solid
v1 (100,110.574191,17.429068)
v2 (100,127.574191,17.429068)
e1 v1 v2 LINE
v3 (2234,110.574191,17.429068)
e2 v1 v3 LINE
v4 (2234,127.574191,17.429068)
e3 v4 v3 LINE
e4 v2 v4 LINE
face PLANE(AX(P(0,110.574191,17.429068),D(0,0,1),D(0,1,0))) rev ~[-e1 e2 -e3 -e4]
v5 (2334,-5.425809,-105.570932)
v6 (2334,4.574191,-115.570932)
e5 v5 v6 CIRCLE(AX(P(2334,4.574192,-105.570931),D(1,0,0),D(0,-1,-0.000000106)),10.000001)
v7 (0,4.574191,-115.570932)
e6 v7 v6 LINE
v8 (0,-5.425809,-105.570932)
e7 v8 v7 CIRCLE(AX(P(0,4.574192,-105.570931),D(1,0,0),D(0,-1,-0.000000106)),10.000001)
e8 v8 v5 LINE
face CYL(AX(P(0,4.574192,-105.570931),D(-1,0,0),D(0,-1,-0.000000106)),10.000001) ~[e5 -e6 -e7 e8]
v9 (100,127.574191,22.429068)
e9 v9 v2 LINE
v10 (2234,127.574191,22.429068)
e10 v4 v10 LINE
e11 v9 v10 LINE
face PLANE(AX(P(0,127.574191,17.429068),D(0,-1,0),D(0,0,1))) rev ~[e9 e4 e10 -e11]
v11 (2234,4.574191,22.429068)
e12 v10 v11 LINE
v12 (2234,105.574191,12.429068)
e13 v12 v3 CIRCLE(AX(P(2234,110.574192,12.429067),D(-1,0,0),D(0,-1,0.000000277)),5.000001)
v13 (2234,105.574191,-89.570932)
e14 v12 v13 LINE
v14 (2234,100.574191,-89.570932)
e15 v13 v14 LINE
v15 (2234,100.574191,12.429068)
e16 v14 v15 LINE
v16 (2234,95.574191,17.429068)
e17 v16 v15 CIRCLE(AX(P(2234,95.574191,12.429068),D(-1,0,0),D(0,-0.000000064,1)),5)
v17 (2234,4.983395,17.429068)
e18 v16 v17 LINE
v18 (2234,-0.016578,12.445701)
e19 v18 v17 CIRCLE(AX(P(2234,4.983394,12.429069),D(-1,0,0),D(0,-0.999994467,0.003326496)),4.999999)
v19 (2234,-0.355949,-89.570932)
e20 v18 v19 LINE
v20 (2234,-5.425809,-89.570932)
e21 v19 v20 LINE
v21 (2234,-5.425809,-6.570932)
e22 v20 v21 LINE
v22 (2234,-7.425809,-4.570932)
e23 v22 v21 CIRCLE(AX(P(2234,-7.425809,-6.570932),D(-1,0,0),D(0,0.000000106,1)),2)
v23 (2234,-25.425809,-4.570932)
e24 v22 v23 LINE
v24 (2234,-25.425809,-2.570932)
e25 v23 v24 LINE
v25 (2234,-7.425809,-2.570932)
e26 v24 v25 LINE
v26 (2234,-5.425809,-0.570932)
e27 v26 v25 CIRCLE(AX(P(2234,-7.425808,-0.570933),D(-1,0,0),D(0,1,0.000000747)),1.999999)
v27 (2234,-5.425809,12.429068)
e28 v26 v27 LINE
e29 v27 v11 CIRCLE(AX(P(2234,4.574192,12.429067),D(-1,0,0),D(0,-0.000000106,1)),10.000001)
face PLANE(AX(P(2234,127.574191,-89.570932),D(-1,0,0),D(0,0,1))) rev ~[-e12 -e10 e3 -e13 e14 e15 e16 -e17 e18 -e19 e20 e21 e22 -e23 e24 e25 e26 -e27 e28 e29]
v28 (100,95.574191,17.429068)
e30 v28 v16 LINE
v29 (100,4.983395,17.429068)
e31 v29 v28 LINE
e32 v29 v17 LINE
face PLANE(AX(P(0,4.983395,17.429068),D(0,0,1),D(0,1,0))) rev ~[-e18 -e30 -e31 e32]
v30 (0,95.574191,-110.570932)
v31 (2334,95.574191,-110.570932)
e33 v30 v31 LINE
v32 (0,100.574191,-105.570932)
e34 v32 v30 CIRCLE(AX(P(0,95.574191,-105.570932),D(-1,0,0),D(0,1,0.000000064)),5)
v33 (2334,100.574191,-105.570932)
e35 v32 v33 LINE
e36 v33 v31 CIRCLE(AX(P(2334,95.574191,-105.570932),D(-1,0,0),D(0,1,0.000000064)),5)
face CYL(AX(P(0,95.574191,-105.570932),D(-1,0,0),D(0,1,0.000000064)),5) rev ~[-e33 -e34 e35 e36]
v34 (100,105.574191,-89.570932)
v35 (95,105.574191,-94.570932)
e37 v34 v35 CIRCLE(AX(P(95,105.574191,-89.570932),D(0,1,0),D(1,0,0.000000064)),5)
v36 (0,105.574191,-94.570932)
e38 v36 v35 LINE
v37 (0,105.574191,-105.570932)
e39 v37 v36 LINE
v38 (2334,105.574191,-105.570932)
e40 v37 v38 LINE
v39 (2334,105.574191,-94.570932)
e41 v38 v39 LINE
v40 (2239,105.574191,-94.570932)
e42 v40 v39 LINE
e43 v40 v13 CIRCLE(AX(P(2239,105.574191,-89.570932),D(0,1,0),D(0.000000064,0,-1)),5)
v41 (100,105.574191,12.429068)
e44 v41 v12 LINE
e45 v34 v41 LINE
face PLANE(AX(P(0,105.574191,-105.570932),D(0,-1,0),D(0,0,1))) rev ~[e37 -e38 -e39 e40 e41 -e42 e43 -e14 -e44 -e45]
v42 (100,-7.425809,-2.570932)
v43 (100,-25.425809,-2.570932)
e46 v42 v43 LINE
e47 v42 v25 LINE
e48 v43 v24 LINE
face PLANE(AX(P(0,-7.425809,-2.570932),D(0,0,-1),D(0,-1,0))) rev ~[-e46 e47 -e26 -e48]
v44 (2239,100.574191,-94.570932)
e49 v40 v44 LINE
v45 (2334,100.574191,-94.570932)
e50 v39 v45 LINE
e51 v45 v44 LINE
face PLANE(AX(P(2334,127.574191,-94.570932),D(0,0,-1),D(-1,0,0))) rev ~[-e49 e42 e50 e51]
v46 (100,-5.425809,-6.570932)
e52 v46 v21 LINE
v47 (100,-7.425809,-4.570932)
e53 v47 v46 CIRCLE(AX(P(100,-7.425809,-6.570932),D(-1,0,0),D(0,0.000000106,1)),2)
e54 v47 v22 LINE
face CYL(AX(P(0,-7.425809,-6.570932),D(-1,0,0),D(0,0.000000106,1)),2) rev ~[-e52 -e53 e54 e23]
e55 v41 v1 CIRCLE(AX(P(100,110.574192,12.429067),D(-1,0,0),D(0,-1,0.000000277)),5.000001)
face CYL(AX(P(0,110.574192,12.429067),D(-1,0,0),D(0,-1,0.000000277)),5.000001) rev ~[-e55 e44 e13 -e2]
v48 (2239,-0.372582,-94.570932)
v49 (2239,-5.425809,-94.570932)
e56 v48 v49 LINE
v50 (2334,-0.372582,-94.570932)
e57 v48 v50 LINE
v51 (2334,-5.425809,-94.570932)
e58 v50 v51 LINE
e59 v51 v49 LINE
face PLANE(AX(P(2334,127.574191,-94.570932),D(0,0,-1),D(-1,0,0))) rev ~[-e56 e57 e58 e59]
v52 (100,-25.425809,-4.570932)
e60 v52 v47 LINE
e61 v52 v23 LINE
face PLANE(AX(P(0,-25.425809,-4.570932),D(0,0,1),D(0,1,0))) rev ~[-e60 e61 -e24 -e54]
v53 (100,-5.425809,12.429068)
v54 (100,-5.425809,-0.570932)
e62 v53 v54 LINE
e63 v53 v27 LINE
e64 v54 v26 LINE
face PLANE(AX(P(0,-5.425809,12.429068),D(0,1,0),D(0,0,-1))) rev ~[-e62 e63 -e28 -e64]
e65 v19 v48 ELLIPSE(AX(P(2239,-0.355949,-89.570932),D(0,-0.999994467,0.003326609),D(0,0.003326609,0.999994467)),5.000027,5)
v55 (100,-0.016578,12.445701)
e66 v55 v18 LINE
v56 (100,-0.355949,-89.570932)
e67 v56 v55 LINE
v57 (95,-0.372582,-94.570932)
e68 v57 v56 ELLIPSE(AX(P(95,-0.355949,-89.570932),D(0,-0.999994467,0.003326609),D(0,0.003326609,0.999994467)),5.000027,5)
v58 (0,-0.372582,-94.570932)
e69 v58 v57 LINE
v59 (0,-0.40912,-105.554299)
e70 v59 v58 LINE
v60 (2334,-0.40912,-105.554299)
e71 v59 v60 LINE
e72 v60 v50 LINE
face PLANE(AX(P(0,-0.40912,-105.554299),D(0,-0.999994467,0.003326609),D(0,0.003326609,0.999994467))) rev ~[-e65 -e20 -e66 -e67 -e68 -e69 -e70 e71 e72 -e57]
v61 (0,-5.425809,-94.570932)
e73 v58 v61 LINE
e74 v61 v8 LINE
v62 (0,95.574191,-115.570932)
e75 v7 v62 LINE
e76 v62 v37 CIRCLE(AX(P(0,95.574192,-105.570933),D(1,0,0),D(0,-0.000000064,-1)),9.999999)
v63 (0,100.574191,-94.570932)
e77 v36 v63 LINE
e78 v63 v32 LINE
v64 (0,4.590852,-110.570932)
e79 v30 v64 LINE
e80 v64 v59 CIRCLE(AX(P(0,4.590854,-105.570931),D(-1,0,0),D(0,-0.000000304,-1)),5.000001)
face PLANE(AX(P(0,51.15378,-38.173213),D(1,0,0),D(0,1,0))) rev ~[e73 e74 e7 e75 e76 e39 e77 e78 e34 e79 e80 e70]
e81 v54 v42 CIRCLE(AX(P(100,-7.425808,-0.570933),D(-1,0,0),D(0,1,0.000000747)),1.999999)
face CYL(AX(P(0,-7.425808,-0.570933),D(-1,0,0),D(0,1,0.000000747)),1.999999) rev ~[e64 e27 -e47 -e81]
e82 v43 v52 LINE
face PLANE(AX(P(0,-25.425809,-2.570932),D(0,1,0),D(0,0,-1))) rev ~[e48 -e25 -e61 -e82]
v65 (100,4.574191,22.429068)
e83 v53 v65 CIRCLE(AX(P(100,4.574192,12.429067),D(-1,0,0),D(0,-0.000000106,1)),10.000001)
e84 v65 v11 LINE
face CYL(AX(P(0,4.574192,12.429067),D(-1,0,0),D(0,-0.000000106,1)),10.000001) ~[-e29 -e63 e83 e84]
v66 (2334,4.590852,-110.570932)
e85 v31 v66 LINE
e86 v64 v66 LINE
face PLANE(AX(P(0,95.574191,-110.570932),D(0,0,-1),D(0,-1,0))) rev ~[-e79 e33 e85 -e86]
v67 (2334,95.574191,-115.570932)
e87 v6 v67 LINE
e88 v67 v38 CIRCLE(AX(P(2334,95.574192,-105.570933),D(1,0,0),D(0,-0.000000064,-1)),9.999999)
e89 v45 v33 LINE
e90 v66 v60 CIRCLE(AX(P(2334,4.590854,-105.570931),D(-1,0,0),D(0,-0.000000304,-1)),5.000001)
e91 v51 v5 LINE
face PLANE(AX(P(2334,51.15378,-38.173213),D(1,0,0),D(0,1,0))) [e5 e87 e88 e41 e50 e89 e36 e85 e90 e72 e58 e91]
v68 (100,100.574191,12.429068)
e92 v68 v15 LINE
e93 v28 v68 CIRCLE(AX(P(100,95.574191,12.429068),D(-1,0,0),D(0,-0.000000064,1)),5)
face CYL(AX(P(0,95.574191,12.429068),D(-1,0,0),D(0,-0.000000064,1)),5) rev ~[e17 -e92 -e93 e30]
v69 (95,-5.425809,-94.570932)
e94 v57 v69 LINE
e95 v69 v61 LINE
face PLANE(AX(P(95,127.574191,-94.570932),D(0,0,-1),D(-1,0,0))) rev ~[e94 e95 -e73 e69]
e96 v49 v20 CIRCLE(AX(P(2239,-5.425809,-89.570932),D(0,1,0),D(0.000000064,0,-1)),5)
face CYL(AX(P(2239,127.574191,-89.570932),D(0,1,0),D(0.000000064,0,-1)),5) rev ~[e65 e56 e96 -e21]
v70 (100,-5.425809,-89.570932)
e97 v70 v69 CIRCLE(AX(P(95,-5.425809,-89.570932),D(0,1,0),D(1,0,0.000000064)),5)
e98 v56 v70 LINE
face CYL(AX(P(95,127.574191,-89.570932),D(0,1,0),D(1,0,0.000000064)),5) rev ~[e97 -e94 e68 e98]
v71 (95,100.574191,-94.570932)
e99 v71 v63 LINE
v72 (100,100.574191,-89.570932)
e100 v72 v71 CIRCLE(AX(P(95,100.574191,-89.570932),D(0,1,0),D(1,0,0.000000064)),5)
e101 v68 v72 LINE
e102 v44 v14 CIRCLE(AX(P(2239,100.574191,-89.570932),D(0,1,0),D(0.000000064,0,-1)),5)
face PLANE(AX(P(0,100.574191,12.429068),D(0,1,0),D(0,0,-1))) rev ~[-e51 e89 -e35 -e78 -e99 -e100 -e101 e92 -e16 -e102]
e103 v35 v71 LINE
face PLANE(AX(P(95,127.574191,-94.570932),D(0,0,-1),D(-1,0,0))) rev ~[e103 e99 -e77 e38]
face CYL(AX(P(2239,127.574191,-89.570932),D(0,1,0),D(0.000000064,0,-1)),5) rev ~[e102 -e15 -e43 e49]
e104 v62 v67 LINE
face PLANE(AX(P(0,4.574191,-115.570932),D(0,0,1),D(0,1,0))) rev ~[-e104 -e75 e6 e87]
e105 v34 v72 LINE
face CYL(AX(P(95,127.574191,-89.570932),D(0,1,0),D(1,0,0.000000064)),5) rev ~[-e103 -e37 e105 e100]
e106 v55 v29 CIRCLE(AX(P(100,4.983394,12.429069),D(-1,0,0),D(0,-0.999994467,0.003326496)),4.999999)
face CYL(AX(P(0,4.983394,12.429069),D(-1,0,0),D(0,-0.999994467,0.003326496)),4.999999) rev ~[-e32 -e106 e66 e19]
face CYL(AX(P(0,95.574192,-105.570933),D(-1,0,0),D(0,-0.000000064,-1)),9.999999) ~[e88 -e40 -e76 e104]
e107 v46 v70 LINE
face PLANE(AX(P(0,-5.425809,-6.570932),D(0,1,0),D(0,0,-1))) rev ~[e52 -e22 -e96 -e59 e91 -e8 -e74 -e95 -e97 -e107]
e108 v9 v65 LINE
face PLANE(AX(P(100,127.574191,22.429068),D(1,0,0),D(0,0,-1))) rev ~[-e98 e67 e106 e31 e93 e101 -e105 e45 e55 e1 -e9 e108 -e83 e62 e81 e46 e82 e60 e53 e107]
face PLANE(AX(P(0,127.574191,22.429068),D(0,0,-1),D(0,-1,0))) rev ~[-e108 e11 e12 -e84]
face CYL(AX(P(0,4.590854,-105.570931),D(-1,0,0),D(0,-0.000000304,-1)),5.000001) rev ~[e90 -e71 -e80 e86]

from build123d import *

# Parameters (mm, degrees)
F1_DEPTH = 2334
F2_W     = 100
F2_H     = 5
F3_DEPTH = 155


with BuildPart() as f1:
    # F0 (on Right) → F1 (new body)
    with BuildSketch(Plane.YZ):
        with BuildLine():
            Line((127.574191, 17.429068), (127.574191, 22.429068))
            Line((127.574191, 22.429068), (4.574191, 22.429068))
            ThreePointArc((4.574191, 22.429068), (-2.496876, 19.500136), (-5.425809, 12.429068))
            Line((-5.425809, 12.429068), (-5.425809, -0.570932))
            ThreePointArc((-5.425809, -0.570932), (-6.011595, -1.985146), (-7.425809, -2.570932))
            Line((-7.425809, -2.570932), (-25.425809, -2.570932))
            Line((-25.425809, -2.570932), (-25.425809, -4.570932))
            Line((-25.425809, -4.570932), (-7.425809, -4.570932))
            ThreePointArc((-7.425809, -4.570932), (-6.011595, -5.156719), (-5.425809, -6.570932))
            Line((-5.425809, -6.570932), (-5.425809, -105.570932))
            ThreePointArc((-5.425809, -105.570932), (-2.496876, -112.642), (4.574191, -115.570932))
            Line((4.574191, -115.570932), (95.574191, -115.570932))
            ThreePointArc((95.574191, -115.570932), (102.645259, -112.642), (105.574191, -105.570932))
            Line((105.574191, -105.570932), (105.574191, 12.429068))
            ThreePointArc((105.574191, 12.429068), (107.038658, 15.964602), (110.574191, 17.429068))
            Line((110.574191, 17.429068), (127.574191, 17.429068))
        make_face()
        with BuildLine():
            Line((100.574191, 12.429068), (100.574191, -105.570932))
            ThreePointArc((100.574191, -105.570932), (99.109725, -109.106466), (95.574191, -110.570932))
            Line((95.574191, -110.570932), (4.590852, -110.570932))
            ThreePointArc((4.590852, -110.570932), (1.049443, -109.10058), (-0.40912, -105.554299))
            Line((-0.40912, -105.554299), (-0.016578, 12.445701))
            ThreePointArc((-0.016578, 12.445701), (1.453746, 15.970478), (4.983395, 17.429068))
            Line((4.983395, 17.429068), (95.574191, 17.429068))
            ThreePointArc((95.574191, 17.429068), (99.109725, 15.964602), (100.574191, 12.429068))
        make_face(mode=Mode.SUBTRACT)
    extrude(amount=F1_DEPTH)

    # F2 (on face) → F3 (cut)
    with BuildSketch(Plane(origin=(0, 127.574191, 0), x_dir=(-1, 0, 0), z_dir=(0, 1, 0))):
        with BuildLine():
            Line((0, 17.429068), (-100, 17.429068))
            Line((-100, 17.429068), (-100, -89.570932))
            ThreePointArc((-100, -89.570932), (-98.535534, -93.106466), (-95, -94.570932))
            Line((-95, -94.570932), (0, -94.570932))
            Line((0, -94.570932), (0, 17.429068))
        make_face()
        with BuildLine():
            Line((-2234, 17.429068), (-2334, 17.429068))
            Line((-2334, 17.429068), (-2334, -94.570932))
            Line((-2334, -94.570932), (-2239, -94.570932))
            ThreePointArc((-2239, -94.570932), (-2235.464466, -93.106466), (-2234, -89.570932))
            Line((-2234, -89.570932), (-2234, 17.429068))
        make_face()
        with Locations((-2284, 19.929068)):
            Rectangle(F2_W, F2_H)
        with Locations((-50, 19.929068)):
            Rectangle(F2_W, F2_H)
    extrude(amount=-F3_DEPTH, mode=Mode.SUBTRACT)


solid = f1.part
